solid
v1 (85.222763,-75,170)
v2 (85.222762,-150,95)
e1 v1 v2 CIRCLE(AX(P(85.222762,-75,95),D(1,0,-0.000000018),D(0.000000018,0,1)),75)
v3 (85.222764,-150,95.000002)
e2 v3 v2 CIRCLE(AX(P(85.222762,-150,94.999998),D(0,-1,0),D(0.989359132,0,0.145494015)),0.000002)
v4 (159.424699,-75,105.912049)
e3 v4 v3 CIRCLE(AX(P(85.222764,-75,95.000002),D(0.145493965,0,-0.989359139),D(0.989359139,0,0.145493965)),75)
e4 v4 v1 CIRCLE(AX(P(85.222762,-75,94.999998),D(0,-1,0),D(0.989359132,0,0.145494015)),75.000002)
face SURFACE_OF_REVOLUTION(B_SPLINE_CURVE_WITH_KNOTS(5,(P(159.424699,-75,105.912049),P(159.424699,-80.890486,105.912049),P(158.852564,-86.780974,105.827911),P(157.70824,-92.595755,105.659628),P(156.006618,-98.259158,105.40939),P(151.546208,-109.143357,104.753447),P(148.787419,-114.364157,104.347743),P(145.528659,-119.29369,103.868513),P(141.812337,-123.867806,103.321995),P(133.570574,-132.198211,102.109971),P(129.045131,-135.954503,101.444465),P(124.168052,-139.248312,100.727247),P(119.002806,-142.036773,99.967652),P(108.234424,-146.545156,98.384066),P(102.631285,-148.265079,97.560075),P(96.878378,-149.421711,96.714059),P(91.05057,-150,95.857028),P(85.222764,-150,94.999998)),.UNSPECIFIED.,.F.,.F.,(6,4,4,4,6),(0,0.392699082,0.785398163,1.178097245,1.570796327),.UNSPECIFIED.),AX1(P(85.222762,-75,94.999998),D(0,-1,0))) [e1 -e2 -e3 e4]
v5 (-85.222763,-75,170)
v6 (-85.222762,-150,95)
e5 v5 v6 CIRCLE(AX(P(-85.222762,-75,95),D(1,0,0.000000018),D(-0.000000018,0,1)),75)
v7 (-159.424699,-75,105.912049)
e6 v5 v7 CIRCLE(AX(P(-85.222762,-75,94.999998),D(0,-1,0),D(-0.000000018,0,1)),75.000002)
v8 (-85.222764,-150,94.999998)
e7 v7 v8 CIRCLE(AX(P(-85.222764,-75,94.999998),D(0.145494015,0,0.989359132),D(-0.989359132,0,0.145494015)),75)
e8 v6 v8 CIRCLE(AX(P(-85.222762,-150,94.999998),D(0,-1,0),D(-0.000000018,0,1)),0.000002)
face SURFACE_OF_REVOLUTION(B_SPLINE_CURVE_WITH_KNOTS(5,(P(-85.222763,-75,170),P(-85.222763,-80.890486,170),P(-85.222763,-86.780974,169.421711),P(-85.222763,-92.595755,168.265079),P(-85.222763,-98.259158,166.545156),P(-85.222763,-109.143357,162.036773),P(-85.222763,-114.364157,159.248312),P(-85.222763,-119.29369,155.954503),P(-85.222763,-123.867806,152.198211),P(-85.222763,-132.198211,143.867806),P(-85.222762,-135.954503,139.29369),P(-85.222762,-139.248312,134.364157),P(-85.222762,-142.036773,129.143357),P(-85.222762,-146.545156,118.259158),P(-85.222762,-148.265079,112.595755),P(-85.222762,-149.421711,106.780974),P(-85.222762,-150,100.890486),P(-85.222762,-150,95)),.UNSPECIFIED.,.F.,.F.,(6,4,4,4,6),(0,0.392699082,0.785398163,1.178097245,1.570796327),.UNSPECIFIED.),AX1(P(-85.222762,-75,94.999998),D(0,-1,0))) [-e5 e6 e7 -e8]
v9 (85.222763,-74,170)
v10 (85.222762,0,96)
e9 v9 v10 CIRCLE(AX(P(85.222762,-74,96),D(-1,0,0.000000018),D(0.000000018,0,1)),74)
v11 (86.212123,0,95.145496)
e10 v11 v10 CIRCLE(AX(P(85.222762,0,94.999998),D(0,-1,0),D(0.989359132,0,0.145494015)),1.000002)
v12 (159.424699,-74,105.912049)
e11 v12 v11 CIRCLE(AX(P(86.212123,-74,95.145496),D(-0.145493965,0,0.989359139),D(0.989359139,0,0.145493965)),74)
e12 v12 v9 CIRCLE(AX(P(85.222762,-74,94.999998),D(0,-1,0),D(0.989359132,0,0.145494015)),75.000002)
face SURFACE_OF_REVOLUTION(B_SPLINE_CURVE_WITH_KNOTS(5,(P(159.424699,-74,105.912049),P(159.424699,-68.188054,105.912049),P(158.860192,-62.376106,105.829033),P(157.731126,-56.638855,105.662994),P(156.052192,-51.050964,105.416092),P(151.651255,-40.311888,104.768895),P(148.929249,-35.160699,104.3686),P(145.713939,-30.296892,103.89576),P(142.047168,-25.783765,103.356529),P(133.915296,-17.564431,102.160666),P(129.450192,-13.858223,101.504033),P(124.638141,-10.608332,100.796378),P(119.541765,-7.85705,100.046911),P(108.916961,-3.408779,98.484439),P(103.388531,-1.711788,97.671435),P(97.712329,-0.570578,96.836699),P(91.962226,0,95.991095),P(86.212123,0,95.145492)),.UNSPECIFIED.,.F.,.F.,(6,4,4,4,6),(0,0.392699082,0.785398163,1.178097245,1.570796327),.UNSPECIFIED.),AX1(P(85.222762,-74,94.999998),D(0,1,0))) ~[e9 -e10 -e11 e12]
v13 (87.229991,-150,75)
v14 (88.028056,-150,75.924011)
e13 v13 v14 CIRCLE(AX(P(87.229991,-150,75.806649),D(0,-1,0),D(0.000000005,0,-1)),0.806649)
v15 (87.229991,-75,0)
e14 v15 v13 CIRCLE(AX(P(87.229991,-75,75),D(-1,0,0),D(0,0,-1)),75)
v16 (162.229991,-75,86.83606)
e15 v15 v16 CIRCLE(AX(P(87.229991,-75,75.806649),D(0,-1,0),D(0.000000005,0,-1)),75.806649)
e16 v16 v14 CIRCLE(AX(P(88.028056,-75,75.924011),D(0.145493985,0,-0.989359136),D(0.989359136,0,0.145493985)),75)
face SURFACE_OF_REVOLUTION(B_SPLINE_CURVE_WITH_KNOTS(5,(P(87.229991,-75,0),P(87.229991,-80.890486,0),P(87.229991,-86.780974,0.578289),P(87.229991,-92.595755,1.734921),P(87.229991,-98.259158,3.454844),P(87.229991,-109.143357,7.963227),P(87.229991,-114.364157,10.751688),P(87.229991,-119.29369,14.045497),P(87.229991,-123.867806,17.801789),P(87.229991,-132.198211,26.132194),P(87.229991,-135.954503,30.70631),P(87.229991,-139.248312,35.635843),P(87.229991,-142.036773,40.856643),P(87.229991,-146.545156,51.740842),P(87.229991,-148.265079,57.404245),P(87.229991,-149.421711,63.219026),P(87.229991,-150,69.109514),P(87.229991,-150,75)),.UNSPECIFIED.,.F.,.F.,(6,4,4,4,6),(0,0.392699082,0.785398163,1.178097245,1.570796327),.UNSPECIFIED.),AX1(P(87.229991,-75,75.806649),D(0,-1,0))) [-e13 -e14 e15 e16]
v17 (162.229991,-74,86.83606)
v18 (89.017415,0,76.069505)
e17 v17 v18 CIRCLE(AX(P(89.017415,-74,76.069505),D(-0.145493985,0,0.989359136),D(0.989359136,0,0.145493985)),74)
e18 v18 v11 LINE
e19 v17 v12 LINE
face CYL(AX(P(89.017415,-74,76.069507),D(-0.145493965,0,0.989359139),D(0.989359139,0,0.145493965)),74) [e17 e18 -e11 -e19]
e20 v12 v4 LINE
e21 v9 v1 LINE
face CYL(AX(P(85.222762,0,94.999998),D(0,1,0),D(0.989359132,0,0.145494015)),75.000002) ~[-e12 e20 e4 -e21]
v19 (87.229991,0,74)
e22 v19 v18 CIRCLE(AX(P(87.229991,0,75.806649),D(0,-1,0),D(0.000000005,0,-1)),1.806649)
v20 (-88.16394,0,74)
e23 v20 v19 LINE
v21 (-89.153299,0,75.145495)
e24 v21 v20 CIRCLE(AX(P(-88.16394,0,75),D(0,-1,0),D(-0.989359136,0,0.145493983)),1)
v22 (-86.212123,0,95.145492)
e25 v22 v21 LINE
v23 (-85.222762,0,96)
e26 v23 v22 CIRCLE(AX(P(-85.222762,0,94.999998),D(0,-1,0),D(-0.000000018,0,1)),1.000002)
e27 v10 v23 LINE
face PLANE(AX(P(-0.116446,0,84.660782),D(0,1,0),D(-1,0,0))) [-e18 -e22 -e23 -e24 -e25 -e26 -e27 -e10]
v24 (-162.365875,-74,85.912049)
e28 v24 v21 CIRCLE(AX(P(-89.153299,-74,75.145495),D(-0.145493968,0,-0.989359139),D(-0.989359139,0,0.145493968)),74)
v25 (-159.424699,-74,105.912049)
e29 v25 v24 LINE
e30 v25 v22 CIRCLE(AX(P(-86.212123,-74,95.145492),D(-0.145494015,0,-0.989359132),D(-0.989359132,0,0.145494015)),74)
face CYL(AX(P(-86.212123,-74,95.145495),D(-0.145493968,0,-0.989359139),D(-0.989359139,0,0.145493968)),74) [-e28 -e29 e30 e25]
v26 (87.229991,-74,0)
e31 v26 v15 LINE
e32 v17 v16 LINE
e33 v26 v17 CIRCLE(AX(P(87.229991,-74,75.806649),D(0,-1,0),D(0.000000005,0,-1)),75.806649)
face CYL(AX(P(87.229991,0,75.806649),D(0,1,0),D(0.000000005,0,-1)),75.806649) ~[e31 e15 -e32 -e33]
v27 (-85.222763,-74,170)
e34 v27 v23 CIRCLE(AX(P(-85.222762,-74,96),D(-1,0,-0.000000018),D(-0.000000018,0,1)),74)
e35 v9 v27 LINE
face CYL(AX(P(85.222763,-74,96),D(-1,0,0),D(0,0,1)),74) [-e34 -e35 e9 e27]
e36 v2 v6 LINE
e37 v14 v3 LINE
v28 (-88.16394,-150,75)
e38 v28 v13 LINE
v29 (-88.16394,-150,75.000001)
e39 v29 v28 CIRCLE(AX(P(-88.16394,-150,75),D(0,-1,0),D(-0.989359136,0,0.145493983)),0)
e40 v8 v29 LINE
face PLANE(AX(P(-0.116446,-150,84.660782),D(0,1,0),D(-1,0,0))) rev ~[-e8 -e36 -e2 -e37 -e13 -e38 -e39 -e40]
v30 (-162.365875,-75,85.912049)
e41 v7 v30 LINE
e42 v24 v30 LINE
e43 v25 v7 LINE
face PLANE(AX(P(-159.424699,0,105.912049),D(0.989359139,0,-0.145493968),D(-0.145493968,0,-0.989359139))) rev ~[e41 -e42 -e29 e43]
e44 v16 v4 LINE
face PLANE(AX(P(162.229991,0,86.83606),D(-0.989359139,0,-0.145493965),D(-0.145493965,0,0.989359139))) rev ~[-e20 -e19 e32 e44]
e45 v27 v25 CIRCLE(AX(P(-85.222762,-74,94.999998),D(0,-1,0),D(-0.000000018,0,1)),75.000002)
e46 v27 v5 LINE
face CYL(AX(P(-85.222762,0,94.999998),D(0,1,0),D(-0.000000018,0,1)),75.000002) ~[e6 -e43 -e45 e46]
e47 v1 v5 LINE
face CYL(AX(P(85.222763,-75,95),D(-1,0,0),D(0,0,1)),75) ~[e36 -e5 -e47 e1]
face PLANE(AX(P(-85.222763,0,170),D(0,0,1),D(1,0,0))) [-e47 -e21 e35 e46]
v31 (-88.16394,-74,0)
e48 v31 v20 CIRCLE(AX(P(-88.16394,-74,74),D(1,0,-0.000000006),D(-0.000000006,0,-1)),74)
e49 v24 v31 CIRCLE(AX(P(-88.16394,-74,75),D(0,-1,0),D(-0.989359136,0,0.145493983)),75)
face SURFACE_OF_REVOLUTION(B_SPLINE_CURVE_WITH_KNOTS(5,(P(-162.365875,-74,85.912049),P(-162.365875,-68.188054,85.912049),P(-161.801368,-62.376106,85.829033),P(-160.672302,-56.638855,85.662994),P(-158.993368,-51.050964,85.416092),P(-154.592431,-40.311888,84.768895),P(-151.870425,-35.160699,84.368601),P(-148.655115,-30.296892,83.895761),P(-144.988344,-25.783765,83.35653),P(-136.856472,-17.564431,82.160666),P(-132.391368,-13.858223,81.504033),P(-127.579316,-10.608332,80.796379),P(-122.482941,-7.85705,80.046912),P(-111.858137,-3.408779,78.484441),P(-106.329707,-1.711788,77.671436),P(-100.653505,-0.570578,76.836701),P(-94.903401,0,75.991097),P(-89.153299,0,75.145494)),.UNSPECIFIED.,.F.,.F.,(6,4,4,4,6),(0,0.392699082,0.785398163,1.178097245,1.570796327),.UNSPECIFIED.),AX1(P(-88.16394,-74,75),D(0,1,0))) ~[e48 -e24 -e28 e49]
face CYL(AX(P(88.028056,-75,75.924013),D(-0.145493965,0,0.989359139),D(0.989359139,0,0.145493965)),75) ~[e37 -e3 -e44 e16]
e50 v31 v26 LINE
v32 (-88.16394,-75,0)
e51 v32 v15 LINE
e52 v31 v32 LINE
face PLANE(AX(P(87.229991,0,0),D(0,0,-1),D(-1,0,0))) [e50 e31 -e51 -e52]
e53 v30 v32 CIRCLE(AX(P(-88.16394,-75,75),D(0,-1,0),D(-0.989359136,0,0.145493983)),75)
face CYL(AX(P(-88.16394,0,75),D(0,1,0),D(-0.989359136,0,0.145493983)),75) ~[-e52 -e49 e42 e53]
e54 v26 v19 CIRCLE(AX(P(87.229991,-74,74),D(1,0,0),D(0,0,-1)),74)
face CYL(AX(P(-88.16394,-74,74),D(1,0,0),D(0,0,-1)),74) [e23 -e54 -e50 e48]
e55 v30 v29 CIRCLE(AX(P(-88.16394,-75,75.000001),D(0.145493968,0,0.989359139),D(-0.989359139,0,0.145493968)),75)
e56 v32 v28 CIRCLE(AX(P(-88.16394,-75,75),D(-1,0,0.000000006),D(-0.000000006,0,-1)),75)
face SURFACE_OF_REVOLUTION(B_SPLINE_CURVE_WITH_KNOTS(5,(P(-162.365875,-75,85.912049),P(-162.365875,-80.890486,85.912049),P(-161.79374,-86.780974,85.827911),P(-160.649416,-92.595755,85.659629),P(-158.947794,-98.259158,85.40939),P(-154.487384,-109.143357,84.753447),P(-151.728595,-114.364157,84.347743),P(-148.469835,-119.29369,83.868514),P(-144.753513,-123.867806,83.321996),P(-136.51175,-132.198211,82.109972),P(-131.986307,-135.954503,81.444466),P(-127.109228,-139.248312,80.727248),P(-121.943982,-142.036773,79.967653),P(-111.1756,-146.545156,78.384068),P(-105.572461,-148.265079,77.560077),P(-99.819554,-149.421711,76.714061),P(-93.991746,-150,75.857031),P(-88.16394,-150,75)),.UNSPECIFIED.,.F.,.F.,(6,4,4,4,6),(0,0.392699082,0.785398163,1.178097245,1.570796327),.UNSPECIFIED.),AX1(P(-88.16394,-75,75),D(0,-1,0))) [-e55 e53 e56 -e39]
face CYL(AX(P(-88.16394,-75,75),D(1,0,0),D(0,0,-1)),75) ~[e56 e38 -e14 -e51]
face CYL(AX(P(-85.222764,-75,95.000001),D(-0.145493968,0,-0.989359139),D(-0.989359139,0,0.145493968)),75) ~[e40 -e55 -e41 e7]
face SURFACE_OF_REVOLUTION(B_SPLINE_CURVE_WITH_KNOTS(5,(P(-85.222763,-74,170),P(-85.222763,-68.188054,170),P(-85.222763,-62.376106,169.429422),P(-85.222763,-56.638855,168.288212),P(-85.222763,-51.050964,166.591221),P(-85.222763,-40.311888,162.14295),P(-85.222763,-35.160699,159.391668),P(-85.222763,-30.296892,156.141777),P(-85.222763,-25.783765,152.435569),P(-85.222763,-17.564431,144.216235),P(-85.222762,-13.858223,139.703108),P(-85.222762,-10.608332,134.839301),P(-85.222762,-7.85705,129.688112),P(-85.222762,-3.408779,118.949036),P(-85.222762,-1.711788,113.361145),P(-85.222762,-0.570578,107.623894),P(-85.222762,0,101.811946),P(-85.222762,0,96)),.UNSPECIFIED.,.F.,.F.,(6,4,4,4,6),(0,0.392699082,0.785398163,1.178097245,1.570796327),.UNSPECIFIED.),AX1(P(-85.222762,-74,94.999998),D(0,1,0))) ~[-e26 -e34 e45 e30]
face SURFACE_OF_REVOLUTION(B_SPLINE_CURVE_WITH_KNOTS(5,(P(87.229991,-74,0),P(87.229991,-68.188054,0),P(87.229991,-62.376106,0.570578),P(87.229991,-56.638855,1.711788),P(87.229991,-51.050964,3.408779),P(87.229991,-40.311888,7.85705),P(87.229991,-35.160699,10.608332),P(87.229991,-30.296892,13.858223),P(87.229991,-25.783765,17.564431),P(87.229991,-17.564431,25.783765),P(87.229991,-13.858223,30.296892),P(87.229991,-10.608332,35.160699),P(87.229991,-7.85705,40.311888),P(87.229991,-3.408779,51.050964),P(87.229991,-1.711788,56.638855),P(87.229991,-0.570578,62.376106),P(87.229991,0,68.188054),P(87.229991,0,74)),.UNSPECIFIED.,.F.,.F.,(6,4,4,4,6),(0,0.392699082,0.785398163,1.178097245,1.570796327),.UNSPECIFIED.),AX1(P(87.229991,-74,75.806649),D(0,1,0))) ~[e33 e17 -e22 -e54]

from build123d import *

# Parameters (mm, degrees)
PAD001_DEPTH = 150
FILLET002_R  = 75
FILLET003_R  = 74


with BuildPart() as part:
    # Sketch009 → Pad001 (new body)
    with BuildSketch(Plane.XZ):
        with BuildLine():
            Line((-85.222763, 170), (85.222763, 170))
            ThreePointArc((159.424699, 105.912049), (134.246208, 151.760037), (85.222763, 170))
            Line((162.229991, 86.83606), (159.424699, 105.912049))
            ThreePointArc((87.229991, 0), (144.6005, 26.255941), (162.229991, 86.83606))
            Line((87.229991, 0), (-88.16394, 0))
            ThreePointArc((-162.365875, 85.912049), (-144.923977, 25.976555), (-88.16394, 0))
            Line((-159.424699, 105.912049), (-162.365875, 85.912049))
            ThreePointArc((-85.222763, 170), (-134.246208, 151.760037), (-159.424699, 105.912049))
        make_face()
    extrude(amount=PAD001_DEPTH)

    # Fillet002
    fillet002_edges = [part.edges().sort_by_distance(p)[0] for p in [
        (-134.246208, -150, 151.760037),
        (0, -150, 170),
        (134.246208, -150, 151.760037),
        (160.827345, -150, 96.374055),
        (144.6005, -150, 26.255941),
        (-0.466974, -150, 0),
        (-144.923977, -150, 25.976555),
        (-160.895287, -150, 95.912049),
    ]]
    fillet(fillet002_edges, radius=FILLET002_R)

    # Fillet003
    fillet003_edges = [part.edges().sort_by_distance(p)[0] for p in [
        (-134.246208, 0, 151.760037),
        (0, 0, 170),
        (134.246208, 0, 151.760037),
        (160.827345, 0, 96.374055),
        (144.6005, 0, 26.255941),
        (-0.466974, 0, 0),
        (-144.923977, 0, 25.976555),
        (-160.895287, 0, 95.912049),
    ]]
    fillet(fillet003_edges, radius=FILLET003_R)


solid = part.part
